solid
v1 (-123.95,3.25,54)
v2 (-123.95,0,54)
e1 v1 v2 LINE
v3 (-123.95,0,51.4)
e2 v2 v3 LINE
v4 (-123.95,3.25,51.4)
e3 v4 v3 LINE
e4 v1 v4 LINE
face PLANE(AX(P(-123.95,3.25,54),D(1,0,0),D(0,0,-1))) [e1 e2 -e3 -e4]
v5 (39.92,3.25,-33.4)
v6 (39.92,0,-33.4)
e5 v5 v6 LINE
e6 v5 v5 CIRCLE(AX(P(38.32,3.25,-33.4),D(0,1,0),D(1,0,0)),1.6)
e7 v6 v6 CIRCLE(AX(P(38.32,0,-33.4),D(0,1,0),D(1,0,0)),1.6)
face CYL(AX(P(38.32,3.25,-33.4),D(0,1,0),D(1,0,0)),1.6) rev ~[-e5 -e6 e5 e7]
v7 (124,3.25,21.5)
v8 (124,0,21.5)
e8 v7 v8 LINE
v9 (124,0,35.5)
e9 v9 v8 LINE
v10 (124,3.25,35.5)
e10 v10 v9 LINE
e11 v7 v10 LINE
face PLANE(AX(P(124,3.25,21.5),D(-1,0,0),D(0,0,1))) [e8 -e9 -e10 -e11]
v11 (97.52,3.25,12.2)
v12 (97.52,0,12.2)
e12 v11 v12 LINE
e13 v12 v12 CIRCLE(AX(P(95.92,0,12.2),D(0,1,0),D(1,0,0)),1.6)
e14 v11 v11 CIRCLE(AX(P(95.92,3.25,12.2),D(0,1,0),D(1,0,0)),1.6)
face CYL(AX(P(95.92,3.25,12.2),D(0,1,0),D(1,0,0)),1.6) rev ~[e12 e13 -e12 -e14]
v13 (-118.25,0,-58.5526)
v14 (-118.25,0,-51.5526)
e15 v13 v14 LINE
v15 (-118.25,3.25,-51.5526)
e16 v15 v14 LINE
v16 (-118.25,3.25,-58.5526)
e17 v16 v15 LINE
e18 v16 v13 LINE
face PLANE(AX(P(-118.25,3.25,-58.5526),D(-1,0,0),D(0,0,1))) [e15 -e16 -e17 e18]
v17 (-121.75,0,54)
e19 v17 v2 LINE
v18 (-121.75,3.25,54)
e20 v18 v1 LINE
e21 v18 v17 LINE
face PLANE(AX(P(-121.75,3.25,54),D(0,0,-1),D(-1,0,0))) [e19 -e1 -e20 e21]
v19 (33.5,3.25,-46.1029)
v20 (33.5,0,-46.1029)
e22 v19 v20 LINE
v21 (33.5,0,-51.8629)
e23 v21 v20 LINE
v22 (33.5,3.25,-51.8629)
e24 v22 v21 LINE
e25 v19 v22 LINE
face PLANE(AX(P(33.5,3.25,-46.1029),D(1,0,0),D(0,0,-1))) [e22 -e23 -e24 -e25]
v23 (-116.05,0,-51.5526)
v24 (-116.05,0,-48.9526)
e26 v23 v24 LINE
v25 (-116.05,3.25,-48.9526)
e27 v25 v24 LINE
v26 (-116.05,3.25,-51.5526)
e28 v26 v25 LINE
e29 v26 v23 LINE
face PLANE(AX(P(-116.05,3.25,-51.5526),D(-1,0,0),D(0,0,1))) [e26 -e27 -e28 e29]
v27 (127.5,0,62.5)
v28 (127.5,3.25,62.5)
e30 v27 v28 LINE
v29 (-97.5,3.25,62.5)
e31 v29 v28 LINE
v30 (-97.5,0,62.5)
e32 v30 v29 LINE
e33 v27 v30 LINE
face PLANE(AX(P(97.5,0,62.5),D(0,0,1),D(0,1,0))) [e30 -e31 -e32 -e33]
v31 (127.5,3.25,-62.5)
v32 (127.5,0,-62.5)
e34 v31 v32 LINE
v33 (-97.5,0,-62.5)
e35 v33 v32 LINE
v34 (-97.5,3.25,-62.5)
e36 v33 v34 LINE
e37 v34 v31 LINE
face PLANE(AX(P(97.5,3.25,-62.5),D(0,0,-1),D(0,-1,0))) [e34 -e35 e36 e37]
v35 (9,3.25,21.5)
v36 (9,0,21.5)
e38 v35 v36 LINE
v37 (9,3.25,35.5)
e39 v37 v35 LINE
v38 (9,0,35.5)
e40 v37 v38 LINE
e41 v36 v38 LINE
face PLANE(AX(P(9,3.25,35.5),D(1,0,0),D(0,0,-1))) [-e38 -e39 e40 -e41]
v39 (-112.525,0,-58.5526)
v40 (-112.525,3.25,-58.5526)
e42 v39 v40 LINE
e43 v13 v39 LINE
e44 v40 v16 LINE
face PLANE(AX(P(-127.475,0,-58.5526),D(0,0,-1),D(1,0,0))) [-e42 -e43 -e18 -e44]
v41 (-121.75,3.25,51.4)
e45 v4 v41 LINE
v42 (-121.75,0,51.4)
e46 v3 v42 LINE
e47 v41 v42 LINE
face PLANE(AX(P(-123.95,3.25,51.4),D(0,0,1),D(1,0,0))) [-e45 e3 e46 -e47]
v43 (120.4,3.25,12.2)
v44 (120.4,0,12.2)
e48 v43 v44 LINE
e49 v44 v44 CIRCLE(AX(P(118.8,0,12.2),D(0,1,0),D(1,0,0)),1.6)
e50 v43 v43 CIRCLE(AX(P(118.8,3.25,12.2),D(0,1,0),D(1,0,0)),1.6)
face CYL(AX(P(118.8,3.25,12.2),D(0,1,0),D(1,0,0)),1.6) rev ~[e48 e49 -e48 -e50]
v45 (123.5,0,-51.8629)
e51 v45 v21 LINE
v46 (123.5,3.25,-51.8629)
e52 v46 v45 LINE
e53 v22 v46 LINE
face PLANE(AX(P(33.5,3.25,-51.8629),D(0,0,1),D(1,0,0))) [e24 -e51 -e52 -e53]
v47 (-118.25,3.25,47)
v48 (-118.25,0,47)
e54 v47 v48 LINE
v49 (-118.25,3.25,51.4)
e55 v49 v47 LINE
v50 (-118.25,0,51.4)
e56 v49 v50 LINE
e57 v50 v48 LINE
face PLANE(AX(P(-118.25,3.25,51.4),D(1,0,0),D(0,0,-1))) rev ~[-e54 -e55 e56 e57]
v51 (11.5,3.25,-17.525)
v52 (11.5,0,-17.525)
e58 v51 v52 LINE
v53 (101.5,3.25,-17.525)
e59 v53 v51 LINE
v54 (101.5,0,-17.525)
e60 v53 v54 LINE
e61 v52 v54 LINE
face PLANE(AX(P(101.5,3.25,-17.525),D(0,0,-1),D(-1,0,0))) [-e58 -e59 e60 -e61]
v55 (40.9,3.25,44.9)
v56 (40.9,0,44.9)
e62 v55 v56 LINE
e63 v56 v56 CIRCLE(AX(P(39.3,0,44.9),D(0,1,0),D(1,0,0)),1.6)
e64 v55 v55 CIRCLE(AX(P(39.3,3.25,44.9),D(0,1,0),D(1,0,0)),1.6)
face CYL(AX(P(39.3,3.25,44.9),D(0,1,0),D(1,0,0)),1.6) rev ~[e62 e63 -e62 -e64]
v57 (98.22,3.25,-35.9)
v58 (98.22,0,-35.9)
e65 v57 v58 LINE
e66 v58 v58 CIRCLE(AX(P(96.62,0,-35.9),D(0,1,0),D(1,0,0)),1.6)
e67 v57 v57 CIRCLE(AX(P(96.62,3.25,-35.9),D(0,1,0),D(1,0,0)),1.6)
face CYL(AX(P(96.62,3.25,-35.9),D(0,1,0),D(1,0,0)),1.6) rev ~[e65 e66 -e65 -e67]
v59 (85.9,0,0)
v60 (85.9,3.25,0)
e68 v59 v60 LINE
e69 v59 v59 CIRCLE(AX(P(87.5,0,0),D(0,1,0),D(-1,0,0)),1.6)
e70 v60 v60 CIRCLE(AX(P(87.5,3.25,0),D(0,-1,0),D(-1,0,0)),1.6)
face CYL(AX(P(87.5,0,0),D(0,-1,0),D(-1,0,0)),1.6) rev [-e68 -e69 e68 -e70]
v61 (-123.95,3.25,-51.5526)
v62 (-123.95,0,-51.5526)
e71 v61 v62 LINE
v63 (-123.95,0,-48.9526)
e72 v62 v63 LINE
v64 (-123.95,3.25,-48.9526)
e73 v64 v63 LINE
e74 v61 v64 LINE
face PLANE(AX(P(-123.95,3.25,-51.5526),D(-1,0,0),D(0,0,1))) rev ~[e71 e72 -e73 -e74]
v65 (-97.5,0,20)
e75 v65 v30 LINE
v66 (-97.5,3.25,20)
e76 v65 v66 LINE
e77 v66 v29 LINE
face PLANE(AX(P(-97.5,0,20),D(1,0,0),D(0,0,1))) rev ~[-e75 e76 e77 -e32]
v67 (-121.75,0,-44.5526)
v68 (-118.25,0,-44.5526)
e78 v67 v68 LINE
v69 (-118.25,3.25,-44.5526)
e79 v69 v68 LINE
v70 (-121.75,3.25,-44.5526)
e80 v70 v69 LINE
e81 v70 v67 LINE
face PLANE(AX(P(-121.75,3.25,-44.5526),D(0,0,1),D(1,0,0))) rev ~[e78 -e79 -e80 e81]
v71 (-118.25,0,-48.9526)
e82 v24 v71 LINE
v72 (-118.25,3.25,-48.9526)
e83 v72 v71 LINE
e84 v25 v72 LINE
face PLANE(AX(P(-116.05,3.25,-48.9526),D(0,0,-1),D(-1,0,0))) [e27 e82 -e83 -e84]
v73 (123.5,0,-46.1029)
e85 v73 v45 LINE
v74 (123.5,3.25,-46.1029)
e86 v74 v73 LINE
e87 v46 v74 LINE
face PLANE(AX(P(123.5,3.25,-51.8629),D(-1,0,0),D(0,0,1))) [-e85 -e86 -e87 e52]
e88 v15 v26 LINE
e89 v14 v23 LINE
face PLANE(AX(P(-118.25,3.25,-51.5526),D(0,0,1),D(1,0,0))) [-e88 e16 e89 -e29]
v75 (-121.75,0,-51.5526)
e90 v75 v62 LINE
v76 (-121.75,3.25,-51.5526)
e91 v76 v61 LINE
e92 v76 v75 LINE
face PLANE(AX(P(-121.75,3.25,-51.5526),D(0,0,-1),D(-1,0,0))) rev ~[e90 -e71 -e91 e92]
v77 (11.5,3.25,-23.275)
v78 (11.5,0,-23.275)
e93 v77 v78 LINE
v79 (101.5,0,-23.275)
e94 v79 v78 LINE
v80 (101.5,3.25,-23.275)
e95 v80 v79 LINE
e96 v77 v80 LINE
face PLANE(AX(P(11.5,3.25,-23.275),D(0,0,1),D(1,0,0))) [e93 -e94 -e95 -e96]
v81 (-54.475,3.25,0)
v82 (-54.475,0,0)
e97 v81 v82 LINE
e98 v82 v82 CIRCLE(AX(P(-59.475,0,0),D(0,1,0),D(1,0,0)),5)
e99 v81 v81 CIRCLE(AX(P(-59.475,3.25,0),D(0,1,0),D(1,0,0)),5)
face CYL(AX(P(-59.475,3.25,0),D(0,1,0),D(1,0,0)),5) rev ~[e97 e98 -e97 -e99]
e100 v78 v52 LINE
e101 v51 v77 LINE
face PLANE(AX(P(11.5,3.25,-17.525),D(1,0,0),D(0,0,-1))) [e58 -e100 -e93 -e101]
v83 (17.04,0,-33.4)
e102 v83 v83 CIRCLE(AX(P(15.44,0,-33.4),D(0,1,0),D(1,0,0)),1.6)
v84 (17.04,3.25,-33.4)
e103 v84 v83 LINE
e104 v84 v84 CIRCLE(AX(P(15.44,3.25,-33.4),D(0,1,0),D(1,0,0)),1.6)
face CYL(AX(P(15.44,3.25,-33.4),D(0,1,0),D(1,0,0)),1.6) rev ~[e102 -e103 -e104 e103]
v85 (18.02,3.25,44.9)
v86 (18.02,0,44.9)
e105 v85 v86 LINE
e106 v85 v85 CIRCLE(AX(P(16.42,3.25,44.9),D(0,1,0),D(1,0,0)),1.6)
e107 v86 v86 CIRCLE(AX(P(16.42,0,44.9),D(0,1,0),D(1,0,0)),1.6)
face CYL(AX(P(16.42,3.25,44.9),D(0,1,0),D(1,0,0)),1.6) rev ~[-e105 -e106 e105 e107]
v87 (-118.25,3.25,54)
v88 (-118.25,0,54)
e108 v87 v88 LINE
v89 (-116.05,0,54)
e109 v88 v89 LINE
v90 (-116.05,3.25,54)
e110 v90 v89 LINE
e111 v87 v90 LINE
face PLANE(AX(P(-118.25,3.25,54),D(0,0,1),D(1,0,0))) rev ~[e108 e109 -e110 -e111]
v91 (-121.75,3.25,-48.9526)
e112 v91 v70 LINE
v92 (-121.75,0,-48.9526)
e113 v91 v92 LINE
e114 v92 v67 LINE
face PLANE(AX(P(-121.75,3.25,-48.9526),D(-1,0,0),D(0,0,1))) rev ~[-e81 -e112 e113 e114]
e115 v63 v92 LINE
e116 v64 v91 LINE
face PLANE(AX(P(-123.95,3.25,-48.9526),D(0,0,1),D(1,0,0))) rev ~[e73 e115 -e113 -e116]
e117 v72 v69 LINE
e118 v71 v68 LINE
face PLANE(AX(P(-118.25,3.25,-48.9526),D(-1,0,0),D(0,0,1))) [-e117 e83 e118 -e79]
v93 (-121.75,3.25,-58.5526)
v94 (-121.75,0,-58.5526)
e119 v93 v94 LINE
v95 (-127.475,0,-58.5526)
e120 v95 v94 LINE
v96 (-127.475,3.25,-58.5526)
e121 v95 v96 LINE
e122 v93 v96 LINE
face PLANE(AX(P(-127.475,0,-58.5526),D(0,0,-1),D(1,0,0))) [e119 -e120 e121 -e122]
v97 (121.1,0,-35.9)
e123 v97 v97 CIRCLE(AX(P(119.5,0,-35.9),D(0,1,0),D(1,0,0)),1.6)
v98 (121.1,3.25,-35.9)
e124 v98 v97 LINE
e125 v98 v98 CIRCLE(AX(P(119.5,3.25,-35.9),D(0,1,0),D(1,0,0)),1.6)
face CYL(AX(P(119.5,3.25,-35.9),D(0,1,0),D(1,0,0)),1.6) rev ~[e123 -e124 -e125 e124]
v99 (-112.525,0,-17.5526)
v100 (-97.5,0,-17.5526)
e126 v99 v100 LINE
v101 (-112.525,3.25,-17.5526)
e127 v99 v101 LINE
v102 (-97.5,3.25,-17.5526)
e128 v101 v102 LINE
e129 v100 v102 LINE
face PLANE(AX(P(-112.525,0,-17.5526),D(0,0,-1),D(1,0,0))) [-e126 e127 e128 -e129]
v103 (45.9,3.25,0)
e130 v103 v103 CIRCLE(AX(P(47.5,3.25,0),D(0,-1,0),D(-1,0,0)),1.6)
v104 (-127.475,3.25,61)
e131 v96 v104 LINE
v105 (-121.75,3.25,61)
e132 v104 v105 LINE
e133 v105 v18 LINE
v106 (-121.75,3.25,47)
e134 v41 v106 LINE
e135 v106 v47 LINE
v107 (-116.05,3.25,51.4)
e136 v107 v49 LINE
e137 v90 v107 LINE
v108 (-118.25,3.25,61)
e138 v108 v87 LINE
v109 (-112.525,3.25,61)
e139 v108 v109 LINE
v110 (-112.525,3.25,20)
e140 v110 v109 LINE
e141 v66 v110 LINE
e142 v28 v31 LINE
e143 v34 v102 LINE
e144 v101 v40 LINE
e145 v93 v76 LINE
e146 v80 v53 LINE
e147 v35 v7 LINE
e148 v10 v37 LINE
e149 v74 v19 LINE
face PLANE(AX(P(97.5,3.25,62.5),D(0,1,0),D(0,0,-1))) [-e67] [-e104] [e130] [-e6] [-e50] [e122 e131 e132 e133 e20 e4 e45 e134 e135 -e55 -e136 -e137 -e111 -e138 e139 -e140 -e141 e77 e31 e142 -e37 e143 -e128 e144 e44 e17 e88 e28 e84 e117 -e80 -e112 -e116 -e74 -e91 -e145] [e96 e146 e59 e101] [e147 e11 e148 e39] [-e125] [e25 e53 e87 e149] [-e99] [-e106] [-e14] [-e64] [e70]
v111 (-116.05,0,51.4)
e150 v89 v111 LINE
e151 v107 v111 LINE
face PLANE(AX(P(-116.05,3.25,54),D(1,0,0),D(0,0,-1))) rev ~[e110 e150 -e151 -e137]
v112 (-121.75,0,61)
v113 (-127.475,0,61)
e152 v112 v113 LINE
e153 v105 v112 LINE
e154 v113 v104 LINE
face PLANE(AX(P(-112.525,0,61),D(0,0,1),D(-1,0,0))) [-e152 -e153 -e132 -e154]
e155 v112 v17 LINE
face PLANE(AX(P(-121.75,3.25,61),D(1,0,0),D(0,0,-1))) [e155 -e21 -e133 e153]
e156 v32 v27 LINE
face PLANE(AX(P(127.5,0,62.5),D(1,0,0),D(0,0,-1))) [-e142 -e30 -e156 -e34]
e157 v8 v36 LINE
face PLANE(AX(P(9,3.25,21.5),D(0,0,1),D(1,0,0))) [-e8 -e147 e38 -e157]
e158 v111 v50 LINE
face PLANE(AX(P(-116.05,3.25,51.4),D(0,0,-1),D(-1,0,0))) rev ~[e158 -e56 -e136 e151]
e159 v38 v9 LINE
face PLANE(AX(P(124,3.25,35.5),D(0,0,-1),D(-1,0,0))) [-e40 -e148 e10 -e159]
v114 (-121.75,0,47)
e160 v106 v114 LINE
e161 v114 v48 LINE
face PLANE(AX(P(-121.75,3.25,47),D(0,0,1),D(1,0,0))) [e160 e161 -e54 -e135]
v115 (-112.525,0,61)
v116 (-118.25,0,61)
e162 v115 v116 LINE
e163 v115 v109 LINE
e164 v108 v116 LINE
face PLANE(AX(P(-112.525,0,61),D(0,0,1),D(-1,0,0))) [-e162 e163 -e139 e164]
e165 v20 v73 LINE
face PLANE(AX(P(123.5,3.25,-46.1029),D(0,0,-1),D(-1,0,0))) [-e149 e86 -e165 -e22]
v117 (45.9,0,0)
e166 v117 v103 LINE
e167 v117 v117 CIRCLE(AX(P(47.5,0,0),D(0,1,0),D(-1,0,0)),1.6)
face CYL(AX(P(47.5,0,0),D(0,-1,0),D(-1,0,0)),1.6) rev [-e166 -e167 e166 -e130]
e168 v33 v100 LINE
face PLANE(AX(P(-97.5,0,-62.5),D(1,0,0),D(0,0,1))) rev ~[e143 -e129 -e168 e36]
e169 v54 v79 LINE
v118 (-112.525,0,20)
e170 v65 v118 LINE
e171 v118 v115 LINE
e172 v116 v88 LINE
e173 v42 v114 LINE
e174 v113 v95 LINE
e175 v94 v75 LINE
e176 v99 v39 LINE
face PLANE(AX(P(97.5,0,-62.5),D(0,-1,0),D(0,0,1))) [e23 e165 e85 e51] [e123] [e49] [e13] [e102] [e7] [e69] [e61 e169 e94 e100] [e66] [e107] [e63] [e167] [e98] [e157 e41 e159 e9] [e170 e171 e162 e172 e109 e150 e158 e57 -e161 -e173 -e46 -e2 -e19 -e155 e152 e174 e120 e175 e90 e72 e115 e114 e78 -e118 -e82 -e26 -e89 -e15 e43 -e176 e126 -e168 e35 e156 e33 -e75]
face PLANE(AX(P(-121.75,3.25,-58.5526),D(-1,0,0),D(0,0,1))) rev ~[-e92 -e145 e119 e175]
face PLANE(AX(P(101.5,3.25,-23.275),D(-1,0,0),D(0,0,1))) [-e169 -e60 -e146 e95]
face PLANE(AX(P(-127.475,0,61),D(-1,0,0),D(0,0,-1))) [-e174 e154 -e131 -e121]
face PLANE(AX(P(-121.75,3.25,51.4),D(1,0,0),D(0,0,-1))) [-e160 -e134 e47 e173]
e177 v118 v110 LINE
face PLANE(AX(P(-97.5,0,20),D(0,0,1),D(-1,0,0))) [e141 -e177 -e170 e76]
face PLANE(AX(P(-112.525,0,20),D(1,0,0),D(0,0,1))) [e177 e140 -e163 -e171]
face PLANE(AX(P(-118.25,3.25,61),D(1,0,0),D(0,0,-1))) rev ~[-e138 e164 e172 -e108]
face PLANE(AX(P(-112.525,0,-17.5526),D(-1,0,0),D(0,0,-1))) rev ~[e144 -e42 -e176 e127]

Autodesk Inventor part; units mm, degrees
ref_plane "YZ Plane" through (0, 0, 0) normal (1, 0, 0) x (0, 1, 0)
ref_plane "XZ Plane" through (0, 0, 0) normal (0, 1, 0) x (-1, 0, 0)
ref_plane "XY Plane" through (0, 0, 0) normal (0, 0, 1) x (1, 0, 0)
sketch "Sketch1" plane through (0, 0, 0) normal (0, 1, 0) x (-1, 0, 0)
  line L0 (-97.5, -62.5) -> (97.5, -62.5)
  line L1 (97.5, 62.5) -> (-97.5, 62.5)
  line L2 (-97.5, 62.5) -> (-97.5, -62.5)
  line L3 (-97.5, -62.5) -> (97.5, 62.5) construction
  line L4 (97.5, -62.5) -> (-97.5, 62.5) construction
  line L5 (97.5, 20) -> (112.525, 20)
  line L6 (127.475, 21.2237) -> (127.475, -18.7763)
  line L7 (112.525, -17.5526) -> (97.5, -17.5526)
  line L8 (97.5, -62.5) -> (97.5, -17.5526)
  line L9 (97.5, 20) -> (97.5, 62.5)
  line L10 (112.525, 20) -> (112.525, 61)
  line L11 (127.475, 61) -> (127.475, 21.2237)
  line L12 (127.475, 1.2237) -> (97.475, 1.2237) construction
  line L13 (112.525, -17.5526) -> (112.525, -58.5526)
  line L14 (127.475, -58.5526) -> (127.475, -18.7763)
  line L15 (119.975, 61) -> (121.775, 61) construction
  line L16 (112.525, 61) -> (118.225, 61)
  line L17 (127.475, 61) -> (121.775, 61)
  line L18 (119.975, -58.5526) -> (121.775, -58.5526) construction
  line L19 (112.525, -58.5526) -> (118.225, -58.5526)
  line L20 (127.475, -58.5526) -> (121.775, -58.5526)
  line L21 (119.975, -58.5526) -> (121.775, -58.5526) construction
  line L22 (121.775, -58.5526) -> (121.775, -56.5526)
  line L23 (118.225, -58.5526) -> (118.225, -56.5526)
  line L24 (121.775, -56.5526) -> (125.775, -56.5526)
  line L25 (125.775, -56.5526) -> (125.775, -53.5526)
  line L26 (114.175, -53.5526) -> (118.175, -53.5526)
  line L27 (114.175, -56.5526) -> (114.175, -53.5526)
  line L28 (118.225, -56.5526) -> (114.175, -56.5526)
  line L29 (112.525, -58.5526) -> (118.225, -58.5526)
  line L30 (127.475, -58.5526) -> (121.775, -58.5526)
  line L31 (127.475, 61) -> (127.475, 79) construction
  line L32 (-97.5, 0) -> (-67.5, 0) construction
  line L33 (-67.5, 62.5) -> (-67.5, -62.5) construction
  line L34 (127.475, 79) -> (-67.5, 0) construction
  line L35 (127.475, -58.5526) -> (127.475, -76.5526) construction
  line L36 (127.475, -76.5526) -> (-67.5, 0) construction
  line L37 (-97.5, 62.5) -> (-117.5, 62.5)
  line L38 (-117.5, 62.5) -> (-117.5, -62.5)
  line L39 (-117.5, -62.5) -> (-97.5, -62.5)
  line L40 (-97.5, -62.5) -> (-97.5, 62.5)
  line L41 (-67.5, 0) -> (-47.5, 0) construction
  circle A0 centre (-47.5, 0) radius 1.6
  line L42 (-67.5, 0) -> (-87.5, 0) construction
  circle A1 centre (-87.5, 0) radius 1.6
  line L43 (121.775, 61) -> (118.225, 61)
  line L44 (125.775, -53.5526) -> (118.175, -53.5526)
  line L45 (121.775, -58.5526) -> (118.225, -58.5526)
  point P0 (0, 0)
  point P1 (-97.5, -62.5)
  dimension "d0" = 195
  dimension "d1" = 125
  dimension "d3" = 30
  dimension "d4" = 40
  dimension "d5" = 15
  dimension "d6" = 41
  dimension "d12" = 1.8
  dimension "d21" = 30
  dimension "d23" = 1.5
  dimension "d28" = 18
  dimension "d29" = 30
  dimension "d30" = 18
  dimension "d35" = 20
  dimension "d36" = 125
  dimension "d41" = 20
  dimension "d42" = 3.2
  dimension "d43" = 20
  dimension "d47" = 3.2
extrude "Extrusion1" add sketch "Sketch1" along normal blind 3.25 contours L2 L1 L9 L5 L10 L16 L43 L17 L11 L6 L14 L20 L22 L24 L25 L44 L26 L27 L28 L23 L19 L13 L7 L8 L0 | L23 L28 L27 L26 L44 L25 L24 L22 L45 | A0 | A1
sketch "Sketch2" plane through (0, 3.25, 0) normal (0, 1, 0) x (1, 0, 0)
  line L0 (-127.475, 58.5526) -> (-127.475, -61) construction
  line L1 (-127.475, 0) -> (-59.475, 0) construction
  circle A0 centre (-59.475, 0) radius 5
  point P0 (0, 0)
  dimension "d31" = 68
  dimension "d32" = 10
extrude "Extrusion2" cut sketch "Sketch2" against normal blind 10
sketch "Sketch3" plane through (97.5, 0, 62.5) normal (1, 0, 0) x (0, 0, -1)
  line L0 (125, 0) -> (80.0526, 0) projected
  line L1 (0, 3.25) -> (125, 3.25)
  line L2 (125, 3.25) -> (125, 0)
  line L3 (125, 0) -> (0, 0)
  line L4 (0, 0) -> (0, 3.25)
  point P0 (62.5, 0)
extrude "Extrusion4" add sketch "Sketch3" along normal blind 30
extrude "Extrusion5" cut sketch "Sketch1" along normal blind 4 contours A0 | A1
sketch "Sketch4" plane through (0, 3.25, 0) normal (0, 1, 0) x (1, 0, 0)
  line L0 (-97.5, -62.5) -> (127.5, -62.5) construction
  line L1 (39.3, -62.5) -> (39.3, -44.9) construction
  line L2 (127.5, 62.5) -> (127.5, -62.5) construction
  circle A0 centre (39.3, -44.9) radius 1.6
  circle A1 centre (16.42, -44.9) radius 1.6
  line L3 (39.3, -44.9) -> (16.42, -44.9) construction
  line L4 (118.8, -62.5) -> (118.8, -12.2) construction
  circle A2 centre (118.8, -12.2) radius 1.6
  line L5 (118.8, -12.2) -> (95.92, -12.2) construction
  circle A3 centre (95.92, -12.2) radius 1.6
  line L6 (-97.5, 62.5) -> (127.5, 62.5) construction
  line L7 (119.5, 62.5) -> (119.5, 35.9) construction
  circle A4 centre (119.5, 35.9) radius 1.6
  line L8 (119.5, 35.9) -> (96.62, 35.9) construction
  circle A5 centre (96.62, 35.9) radius 1.6
  line L9 (38.32, 62.5) -> (38.32, 33.4) construction
  circle A6 centre (38.32, 33.4) radius 1.6
  line L10 (38.32, 33.4) -> (15.44, 33.4) construction
  circle A7 centre (15.44, 33.4) radius 1.6
  point P0 (0, 0)
  point P1 (119.5, 49.2)
  dimension "d48" = 88.2
  dimension "d49" = 17.6
  dimension "d50" = 3.2
  dimension "d51" = 3.2
  dimension "d52" = 22.88
  dimension "d53" = 50.3
  dimension "d54" = 8.7
  dimension "d55" = 3.2
  dimension "d56" = 3.2
  dimension "d57" = 22.88
  dimension "d58" = 8
  dimension "d59" = 26.6
  dimension "d60" = 3.2
  dimension "d61" = 22.88
  dimension "d62" = 3.2
  dimension "d63" = 89.18
  dimension "d64" = 29.1
  dimension "d65" = 3.2
  dimension "d66" = 22.88
  dimension "d67" = 3.2
extrude "Extrusion6" cut sketch "Sketch4" against normal blind 10
sketch "Sketch5" plane through (0, 3.25, 0) normal (0, 1, 0) x (1, 0, 0)
  circle A0 centre (119.5, 35.9) radius 1.6 construction
  line L0 (123.5, 48.9829) -> (78.5, 48.9829) construction
  line L1 (123.5, 46.1029) -> (33.5, 46.1029)
  line L2 (33.5, 46.1029) -> (33.5, 51.8629)
  line L3 (33.5, 51.8629) -> (123.5, 51.8629)
  line L4 (123.5, 51.8629) -> (123.5, 46.1029)
  line L5 (123.5, 46.1029) -> (33.5, 51.8629) construction
  line L6 (33.5, 46.1029) -> (123.5, 51.8629) construction
  line L7 (127.5, 62.5) -> (127.5, -62.5) projected
  circle A1 centre (15.44, 33.4) radius 1.6 construction
  line L8 (11.5, 20.4) -> (56.5, 20.4) construction
  line L9 (101.5, 17.525) -> (11.5, 17.525)
  line L10 (11.5, 17.525) -> (11.5, 23.275)
  line L11 (11.5, 23.275) -> (101.5, 23.275)
  line L12 (101.5, 23.275) -> (101.5, 17.525)
  line L13 (101.5, 17.525) -> (11.5, 23.275) construction
  line L14 (11.5, 17.525) -> (101.5, 23.275) construction
  circle A2 centre (95.92, -12.2) radius 1.6 construction
  line L15 (111.5, -28.5) -> (66.5, -28.5) construction
  line L16 (124, -35.5) -> (9, -35.5)
  line L17 (9, -35.5) -> (9, -21.5)
  line L18 (9, -21.5) -> (124, -21.5)
  line L19 (124, -21.5) -> (124, -35.5)
  line L20 (124, -35.5) -> (9, -21.5) construction
  line L21 (9, -35.5) -> (124, -21.5) construction
  line L22 (-97.5, -62.5) -> (127.5, -62.5) projected
  point P0 (0, 0)
  dimension "d71" = 45
  dimension "d72" = 90
  dimension "d73" = 5.76
  dimension "d76" = 4
  dimension "d78" = 45
  dimension "d79" = 90
  dimension "d80" = 5.75
  dimension "d82" = 26
  dimension "d84" = 45
  dimension "d85" = 115
  dimension "d86" = 14
  dimension "d87" = 3.5
  dimension "d88" = 27
extrude "Extrusion7" cut sketch "Sketch5" against normal blind 10
sketch "Sketch8" plane through (0, 3.25, 0) normal (0, 1, 0) x (1, 0, 0)
  line L0 (-127.475, -61) -> (-112.525, -61) construction
  line L1 (-120, -61) -> (-121.75, -61) construction
  line L2 (-120, -61) -> (-118.25, -61) construction
  line L3 (-121.75, -61) -> (-121.75, -54)
  line L4 (-121.75, -54) -> (-123.95, -54)
  line L5 (-123.95, -54) -> (-123.95, -51.4)
  line L6 (-123.95, -51.4) -> (-121.75, -51.4)
  line L7 (-121.75, -51.4) -> (-121.75, -47)
  line L8 (-121.75, -47) -> (-118.25, -47)
  line L9 (-120, -61) -> (-120, -55.9834) construction
  line L10 (-118.25, -61) -> (-118.25, -54)
  line L11 (-118.25, -54) -> (-116.05, -54)
  line L12 (-116.05, -54) -> (-116.05, -51.4)
  line L13 (-116.05, -51.4) -> (-118.25, -51.4)
  line L14 (-118.25, -51.4) -> (-118.25, -47)
  line L15 (-127.475, 58.5526) -> (-127.475, -61) construction
  line L16 (-127.475, -1.2237) -> (-118.25, -1.2237) construction
  line L17 (-121.75, 58.5526) -> (-121.75, 51.5526)
  line L18 (-121.75, 51.5526) -> (-123.95, 51.5526)
  line L19 (-123.95, 51.5526) -> (-123.95, 48.9526)
  line L20 (-123.95, 48.9526) -> (-121.75, 48.9526)
  line L21 (-121.75, 48.9526) -> (-121.75, 44.5526)
  line L22 (-121.75, 44.5526) -> (-118.25, 44.5526)
  line L23 (-120, 58.5526) -> (-120, 53.536) construction
  line L24 (-118.25, 58.5526) -> (-118.25, 51.5526)
  line L25 (-118.25, 51.5526) -> (-116.05, 51.5526)
  line L26 (-116.05, 51.5526) -> (-116.05, 48.9526)
  line L27 (-116.05, 48.9526) -> (-118.25, 48.9526)
  line L28 (-118.25, 48.9526) -> (-118.25, 44.5526)
  line L29 (-121.75, -61) -> (-118.25, -61)
  line L30 (-121.75, 58.5526) -> (-118.25, 58.5526)
  line L31 (-112.525, 58.5526) -> (-127.475, 58.5526) projected
  point P0 (0, 0)
  dimension "d102" = 1.75
  dimension "d103" = 1.75
  dimension "d104" = 7
  dimension "d105" = 2.2
  dimension "d106" = 2.6
  dimension "d108" = 14
  dimension "d109" = 3.5
  dimension "d110" = 7
  dimension "d111" = 2.2
  dimension "d112" = 2.6
extrude "Extrusion10" cut sketch "Sketch8" against normal blind 3.25
properties part number "suelo_imp"
